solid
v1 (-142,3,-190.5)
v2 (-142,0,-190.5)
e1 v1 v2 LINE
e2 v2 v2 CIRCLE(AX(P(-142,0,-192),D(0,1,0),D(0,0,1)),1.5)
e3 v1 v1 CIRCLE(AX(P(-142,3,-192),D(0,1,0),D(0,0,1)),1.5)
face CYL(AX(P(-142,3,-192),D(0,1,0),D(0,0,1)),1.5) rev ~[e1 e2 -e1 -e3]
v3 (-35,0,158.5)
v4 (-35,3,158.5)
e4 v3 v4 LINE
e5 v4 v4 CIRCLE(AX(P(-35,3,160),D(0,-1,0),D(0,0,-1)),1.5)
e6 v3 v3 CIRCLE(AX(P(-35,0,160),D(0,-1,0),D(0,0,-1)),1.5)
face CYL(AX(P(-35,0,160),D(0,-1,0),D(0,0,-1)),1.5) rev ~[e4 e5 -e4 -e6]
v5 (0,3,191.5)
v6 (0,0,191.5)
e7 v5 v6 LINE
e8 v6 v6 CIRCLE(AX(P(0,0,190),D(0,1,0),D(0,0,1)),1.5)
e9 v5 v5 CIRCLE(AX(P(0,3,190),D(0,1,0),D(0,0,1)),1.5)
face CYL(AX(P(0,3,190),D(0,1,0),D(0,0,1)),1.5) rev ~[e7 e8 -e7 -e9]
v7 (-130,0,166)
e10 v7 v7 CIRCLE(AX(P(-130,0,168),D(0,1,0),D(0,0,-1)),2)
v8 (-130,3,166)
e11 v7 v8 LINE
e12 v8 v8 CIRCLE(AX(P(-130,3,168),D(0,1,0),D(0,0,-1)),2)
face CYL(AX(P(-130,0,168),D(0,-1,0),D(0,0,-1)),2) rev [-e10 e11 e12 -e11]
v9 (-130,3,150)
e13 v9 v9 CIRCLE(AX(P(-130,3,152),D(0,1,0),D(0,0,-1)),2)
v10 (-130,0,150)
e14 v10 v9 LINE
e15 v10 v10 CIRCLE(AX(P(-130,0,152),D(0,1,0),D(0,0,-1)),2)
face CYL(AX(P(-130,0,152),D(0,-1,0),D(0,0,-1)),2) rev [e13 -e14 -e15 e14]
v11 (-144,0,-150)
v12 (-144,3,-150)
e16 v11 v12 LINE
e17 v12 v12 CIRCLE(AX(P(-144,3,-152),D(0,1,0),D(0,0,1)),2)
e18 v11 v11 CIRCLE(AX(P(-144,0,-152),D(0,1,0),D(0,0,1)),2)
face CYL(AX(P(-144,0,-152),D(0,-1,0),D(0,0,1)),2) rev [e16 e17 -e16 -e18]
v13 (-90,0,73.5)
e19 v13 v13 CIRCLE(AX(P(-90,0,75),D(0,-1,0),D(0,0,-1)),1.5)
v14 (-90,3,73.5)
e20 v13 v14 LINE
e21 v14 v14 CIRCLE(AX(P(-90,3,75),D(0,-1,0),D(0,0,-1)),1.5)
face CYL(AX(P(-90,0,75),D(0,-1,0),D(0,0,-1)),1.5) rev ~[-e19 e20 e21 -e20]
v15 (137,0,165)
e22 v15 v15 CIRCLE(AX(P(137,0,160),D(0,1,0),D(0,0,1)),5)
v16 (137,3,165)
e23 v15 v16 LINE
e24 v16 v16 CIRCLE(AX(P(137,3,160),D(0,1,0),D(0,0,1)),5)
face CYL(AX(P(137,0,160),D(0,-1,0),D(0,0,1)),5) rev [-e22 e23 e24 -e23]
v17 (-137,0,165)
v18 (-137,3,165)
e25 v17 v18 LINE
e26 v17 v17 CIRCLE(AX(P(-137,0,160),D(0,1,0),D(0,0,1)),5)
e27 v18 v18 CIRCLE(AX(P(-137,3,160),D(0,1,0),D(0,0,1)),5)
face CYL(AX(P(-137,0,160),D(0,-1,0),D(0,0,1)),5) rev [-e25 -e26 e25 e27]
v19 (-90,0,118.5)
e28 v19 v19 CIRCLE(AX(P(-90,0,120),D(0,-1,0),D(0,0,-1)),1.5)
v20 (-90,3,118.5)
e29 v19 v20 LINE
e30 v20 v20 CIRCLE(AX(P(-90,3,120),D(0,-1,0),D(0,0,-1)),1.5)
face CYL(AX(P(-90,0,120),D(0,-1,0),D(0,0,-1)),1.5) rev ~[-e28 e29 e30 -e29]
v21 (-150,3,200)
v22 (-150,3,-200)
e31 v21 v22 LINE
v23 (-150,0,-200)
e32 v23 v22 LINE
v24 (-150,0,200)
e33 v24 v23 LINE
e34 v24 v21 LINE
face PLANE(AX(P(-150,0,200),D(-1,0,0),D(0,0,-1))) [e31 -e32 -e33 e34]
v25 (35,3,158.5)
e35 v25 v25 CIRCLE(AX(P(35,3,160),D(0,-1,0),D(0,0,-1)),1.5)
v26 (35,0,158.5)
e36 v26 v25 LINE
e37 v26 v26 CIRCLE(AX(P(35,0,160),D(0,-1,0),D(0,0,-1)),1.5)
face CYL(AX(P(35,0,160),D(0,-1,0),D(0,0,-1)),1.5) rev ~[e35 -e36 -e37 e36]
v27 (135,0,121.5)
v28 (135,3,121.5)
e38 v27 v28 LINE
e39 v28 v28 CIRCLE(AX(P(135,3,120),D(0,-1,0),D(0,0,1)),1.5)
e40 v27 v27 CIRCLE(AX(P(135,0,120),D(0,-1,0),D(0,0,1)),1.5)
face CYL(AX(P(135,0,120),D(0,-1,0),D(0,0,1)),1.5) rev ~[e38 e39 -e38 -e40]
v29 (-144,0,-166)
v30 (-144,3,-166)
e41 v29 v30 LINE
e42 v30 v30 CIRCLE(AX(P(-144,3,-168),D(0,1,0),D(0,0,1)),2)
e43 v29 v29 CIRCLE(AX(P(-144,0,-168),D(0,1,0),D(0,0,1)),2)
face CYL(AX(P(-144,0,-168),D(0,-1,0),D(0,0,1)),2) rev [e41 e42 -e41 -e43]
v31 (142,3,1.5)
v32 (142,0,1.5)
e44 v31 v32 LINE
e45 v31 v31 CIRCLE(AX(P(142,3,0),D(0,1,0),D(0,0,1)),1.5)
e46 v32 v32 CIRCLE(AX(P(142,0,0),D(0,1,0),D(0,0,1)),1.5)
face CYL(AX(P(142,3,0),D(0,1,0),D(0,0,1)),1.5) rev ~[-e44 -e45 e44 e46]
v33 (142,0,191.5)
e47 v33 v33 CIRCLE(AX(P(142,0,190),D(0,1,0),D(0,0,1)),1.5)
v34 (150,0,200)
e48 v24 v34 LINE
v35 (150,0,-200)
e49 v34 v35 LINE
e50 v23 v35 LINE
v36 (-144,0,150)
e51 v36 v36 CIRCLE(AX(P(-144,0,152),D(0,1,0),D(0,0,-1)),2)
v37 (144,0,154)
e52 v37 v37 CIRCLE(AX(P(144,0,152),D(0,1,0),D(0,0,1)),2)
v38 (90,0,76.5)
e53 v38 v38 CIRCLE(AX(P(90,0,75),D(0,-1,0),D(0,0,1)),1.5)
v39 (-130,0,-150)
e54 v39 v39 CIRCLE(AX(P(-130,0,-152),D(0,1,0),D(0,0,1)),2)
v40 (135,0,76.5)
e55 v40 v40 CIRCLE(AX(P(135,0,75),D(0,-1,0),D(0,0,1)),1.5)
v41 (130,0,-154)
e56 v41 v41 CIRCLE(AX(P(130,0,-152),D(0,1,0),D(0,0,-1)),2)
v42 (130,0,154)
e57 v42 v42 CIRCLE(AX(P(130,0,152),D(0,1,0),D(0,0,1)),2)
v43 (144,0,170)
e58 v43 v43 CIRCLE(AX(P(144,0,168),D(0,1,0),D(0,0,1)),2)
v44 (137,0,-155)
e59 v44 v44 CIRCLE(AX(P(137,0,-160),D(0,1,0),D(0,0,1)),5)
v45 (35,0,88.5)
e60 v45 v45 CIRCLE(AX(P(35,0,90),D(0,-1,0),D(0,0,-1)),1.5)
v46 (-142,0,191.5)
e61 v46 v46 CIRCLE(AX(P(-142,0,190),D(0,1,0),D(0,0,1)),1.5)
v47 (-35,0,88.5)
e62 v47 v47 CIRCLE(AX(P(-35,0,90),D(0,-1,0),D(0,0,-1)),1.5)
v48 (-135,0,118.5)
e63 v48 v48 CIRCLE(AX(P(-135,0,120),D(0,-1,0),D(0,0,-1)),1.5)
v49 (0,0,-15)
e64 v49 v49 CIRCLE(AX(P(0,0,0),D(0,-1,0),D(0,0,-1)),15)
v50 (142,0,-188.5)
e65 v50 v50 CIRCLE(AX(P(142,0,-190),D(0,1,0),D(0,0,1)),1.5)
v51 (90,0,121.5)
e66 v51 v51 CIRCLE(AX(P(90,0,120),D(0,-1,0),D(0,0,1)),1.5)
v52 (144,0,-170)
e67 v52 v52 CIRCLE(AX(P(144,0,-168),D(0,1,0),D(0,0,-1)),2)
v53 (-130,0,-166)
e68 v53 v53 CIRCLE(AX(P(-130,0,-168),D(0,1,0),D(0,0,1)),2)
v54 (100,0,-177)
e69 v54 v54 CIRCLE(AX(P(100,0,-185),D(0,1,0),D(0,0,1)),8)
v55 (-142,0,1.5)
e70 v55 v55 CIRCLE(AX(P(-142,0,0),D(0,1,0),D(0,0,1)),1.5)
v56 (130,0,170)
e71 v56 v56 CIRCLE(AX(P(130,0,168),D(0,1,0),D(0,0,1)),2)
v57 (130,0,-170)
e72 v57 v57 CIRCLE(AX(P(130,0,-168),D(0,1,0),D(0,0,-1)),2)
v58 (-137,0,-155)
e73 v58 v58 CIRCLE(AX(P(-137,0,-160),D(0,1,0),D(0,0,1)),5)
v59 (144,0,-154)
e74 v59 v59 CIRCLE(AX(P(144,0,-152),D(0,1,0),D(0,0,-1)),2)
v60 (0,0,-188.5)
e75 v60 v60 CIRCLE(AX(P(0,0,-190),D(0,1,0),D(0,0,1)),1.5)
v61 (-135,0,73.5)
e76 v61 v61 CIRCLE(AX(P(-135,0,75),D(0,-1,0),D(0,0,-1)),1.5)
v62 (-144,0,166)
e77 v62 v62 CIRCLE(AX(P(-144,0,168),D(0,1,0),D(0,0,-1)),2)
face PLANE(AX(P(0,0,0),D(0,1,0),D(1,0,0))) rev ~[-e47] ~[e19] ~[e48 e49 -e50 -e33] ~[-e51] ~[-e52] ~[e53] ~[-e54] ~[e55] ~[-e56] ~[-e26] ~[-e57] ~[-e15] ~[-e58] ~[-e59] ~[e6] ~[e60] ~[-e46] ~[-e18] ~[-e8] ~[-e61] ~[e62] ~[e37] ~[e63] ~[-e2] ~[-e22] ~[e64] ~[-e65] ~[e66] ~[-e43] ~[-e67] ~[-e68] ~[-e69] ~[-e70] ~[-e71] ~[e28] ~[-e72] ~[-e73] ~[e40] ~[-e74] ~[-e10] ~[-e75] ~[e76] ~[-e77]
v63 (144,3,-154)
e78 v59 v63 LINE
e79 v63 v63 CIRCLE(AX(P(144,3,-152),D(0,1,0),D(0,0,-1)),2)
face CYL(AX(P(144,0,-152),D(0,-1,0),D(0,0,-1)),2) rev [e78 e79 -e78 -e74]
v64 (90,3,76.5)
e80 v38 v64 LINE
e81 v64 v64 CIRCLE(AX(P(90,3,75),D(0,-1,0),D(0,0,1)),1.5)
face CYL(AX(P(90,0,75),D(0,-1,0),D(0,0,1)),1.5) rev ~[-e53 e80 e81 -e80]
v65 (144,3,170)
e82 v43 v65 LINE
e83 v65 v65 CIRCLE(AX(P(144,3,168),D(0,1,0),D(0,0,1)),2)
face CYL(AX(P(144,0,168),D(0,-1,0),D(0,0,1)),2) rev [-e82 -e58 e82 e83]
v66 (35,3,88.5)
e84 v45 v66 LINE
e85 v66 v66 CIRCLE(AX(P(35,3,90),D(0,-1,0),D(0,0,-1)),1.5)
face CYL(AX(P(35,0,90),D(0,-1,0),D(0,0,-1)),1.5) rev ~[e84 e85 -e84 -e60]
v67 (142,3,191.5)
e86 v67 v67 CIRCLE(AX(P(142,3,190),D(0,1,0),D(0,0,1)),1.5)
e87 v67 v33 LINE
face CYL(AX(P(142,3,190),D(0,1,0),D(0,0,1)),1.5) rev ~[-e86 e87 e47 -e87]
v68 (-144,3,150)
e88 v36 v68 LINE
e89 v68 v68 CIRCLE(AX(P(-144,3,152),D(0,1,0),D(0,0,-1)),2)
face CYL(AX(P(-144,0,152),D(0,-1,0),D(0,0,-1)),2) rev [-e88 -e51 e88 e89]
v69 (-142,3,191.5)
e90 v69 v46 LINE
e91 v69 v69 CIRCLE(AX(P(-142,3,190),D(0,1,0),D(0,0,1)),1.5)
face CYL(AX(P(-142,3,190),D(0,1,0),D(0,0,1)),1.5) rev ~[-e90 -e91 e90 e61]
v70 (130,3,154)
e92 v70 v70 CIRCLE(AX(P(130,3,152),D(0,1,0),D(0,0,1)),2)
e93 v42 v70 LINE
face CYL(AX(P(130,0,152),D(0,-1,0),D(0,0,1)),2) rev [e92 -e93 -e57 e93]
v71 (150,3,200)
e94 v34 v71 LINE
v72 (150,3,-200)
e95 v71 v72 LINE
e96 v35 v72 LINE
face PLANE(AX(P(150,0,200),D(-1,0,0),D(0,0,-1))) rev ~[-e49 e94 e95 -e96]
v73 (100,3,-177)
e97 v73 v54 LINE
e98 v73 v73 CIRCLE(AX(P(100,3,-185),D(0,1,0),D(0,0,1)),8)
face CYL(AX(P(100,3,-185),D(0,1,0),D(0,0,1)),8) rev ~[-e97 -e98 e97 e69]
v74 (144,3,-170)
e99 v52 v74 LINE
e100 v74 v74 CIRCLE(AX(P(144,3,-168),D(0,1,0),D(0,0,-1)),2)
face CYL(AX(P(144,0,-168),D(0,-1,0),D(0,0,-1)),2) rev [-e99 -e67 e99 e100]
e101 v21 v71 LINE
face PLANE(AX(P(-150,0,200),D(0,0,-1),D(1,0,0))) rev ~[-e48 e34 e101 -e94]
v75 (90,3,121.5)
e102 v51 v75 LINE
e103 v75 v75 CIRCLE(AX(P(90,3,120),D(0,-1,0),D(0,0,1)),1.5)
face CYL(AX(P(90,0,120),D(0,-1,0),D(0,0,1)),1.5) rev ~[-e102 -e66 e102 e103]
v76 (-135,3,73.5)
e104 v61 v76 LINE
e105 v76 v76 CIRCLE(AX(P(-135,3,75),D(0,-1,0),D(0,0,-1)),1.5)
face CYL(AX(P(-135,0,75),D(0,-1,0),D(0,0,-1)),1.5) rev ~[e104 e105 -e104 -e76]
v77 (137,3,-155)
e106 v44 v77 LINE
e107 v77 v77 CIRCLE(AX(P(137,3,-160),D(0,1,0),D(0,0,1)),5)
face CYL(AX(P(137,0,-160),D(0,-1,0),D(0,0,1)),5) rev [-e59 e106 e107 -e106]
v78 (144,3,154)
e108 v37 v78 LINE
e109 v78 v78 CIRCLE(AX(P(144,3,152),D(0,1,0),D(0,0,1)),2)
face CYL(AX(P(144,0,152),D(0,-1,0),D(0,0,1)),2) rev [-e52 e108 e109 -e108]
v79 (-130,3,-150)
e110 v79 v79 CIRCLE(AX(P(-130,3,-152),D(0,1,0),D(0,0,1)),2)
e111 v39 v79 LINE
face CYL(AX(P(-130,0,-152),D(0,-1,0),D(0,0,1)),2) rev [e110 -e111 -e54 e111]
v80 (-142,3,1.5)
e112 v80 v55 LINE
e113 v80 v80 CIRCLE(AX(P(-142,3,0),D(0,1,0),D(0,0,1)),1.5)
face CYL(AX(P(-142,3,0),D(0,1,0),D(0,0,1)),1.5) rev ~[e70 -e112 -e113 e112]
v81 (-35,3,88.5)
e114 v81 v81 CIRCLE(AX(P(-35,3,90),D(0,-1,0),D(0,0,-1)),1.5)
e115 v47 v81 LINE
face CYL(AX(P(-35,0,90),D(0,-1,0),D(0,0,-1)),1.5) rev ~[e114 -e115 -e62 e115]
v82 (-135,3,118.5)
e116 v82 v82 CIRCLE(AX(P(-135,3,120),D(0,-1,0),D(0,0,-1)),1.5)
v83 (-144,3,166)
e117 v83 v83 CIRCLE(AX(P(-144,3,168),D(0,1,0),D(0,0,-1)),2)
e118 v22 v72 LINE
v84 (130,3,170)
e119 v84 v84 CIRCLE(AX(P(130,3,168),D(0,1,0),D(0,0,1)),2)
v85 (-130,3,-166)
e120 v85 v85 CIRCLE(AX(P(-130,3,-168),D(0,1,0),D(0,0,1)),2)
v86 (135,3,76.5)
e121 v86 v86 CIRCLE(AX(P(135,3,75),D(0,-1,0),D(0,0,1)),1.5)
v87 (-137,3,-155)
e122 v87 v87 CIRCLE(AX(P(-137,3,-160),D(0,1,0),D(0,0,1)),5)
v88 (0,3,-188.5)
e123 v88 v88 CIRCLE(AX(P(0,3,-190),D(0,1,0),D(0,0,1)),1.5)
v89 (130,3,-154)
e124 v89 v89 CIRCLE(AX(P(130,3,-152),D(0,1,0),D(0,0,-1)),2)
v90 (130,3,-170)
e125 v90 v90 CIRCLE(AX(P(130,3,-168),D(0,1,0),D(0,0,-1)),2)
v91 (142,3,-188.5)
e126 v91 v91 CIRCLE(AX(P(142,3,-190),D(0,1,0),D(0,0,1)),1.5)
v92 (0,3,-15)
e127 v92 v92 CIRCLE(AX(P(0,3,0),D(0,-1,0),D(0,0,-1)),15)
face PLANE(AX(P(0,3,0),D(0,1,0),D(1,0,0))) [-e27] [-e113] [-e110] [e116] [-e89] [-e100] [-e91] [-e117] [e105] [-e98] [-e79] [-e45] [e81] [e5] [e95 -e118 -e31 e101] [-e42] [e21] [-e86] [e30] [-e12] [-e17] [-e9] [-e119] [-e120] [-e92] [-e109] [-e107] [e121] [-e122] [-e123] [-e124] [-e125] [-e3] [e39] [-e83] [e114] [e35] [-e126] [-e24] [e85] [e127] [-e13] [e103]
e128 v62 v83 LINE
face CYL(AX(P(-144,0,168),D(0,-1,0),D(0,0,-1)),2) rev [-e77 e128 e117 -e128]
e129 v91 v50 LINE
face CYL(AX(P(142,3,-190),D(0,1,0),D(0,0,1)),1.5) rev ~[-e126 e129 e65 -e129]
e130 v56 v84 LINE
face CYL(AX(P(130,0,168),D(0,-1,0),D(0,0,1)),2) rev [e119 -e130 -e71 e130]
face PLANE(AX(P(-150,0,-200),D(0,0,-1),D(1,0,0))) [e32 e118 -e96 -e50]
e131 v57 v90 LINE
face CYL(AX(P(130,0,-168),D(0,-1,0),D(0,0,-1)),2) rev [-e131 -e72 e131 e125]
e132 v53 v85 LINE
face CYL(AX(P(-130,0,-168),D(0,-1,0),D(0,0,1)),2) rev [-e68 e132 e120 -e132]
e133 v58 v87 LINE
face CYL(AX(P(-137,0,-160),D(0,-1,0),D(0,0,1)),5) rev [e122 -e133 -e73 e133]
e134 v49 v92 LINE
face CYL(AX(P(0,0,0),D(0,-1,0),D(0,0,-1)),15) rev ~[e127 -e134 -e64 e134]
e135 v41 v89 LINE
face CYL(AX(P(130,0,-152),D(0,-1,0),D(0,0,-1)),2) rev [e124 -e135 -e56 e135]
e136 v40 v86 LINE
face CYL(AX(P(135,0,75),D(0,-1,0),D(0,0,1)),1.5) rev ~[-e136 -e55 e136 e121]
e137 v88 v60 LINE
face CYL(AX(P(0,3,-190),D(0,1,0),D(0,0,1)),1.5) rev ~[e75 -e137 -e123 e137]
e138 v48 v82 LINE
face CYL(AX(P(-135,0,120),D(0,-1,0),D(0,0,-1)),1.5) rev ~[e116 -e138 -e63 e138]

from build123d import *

# Parameters (mm, degrees)
SKETCH_1_W          = 300
SKETCH_1_H          = 400
SKETCH_1_R          = 5
SKETCH_1_R_2        = 2
EXTRUDE_1_DEPTH     = 3
SKETCH_4_R          = 1.5
CUT_EXTRUDE_1_DEPTH = 251.017999352
SKETCH_5_R          = 1.5
CUT_EXTRUDE_2_DEPTH = 10
SKETCH_6_R          = 1.5
CUT_EXTRUDE_3_DEPTH = 251.017999352
SKETCH_7_R          = 15
CUT_EXTRUDE_4_DEPTH = 251.017999352
SKETCH_8_R          = 8
CUT_EXTRUDE_5_DEPTH = 10


with BuildPart() as part:
    # 草图1 → 凸台-拉伸1 (new body)
    with BuildSketch(Plane(origin=(0, 0, 0), x_dir=(1, 0, 0), z_dir=(0, 1, 0))):
        Rectangle(SKETCH_1_W, SKETCH_1_H)
        with Locations(Location((-137, 160, 0), (0, 0, 270))):
            Circle(SKETCH_1_R, mode=Mode.SUBTRACT)
        with Locations(Location((137, 160, 0), (0, 0, 270))):
            Circle(SKETCH_1_R, mode=Mode.SUBTRACT)
        with Locations(Location((137, -160, 0), (0, 0, 270))):
            Circle(SKETCH_1_R, mode=Mode.SUBTRACT)
        with Locations(Location((-137, -160, 0), (0, 0, 270))):
            Circle(SKETCH_1_R, mode=Mode.SUBTRACT)
        with Locations(Location((-144, 168, 0), (0, 0, 270))):
            Circle(SKETCH_1_R_2, mode=Mode.SUBTRACT)
        with Locations(Location((-130, 168, 0), (0, 0, 270))):
            Circle(SKETCH_1_R_2, mode=Mode.SUBTRACT)
        with Locations(Location((-130, 152, 0), (0, 0, 270))):
            Circle(SKETCH_1_R_2, mode=Mode.SUBTRACT)
        with Locations(Location((-144, 152, 0), (0, 0, 270))):
            Circle(SKETCH_1_R_2, mode=Mode.SUBTRACT)
        with Locations(Location((130, 152, 0), (0, 0, 90))):
            Circle(SKETCH_1_R_2, mode=Mode.SUBTRACT)
        with Locations(Location((144, 152, 0), (0, 0, 90))):
            Circle(SKETCH_1_R_2, mode=Mode.SUBTRACT)
        with Locations(Location((130, 168, 0), (0, 0, 90))):
            Circle(SKETCH_1_R_2, mode=Mode.SUBTRACT)
        with Locations(Location((144, 168, 0), (0, 0, 90))):
            Circle(SKETCH_1_R_2, mode=Mode.SUBTRACT)
        with Locations(Location((144, -152, 0), (0, 0, 270))):
            Circle(SKETCH_1_R_2, mode=Mode.SUBTRACT)
        with Locations(Location((130, -152, 0), (0, 0, 270))):
            Circle(SKETCH_1_R_2, mode=Mode.SUBTRACT)
        with Locations(Location((144, -168, 0), (0, 0, 270))):
            Circle(SKETCH_1_R_2, mode=Mode.SUBTRACT)
        with Locations(Location((130, -168, 0), (0, 0, 270))):
            Circle(SKETCH_1_R_2, mode=Mode.SUBTRACT)
        with Locations(Location((-144, -152, 0), (0, 0, 90))):
            Circle(SKETCH_1_R_2, mode=Mode.SUBTRACT)
        with Locations(Location((-130, -152, 0), (0, 0, 90))):
            Circle(SKETCH_1_R_2, mode=Mode.SUBTRACT)
        with Locations(Location((-130, -168, 0), (0, 0, 90))):
            Circle(SKETCH_1_R_2, mode=Mode.SUBTRACT)
        with Locations(Location((-144, -168, 0), (0, 0, 90))):
            Circle(SKETCH_1_R_2, mode=Mode.SUBTRACT)
    extrude(amount=EXTRUDE_1_DEPTH)

    # 草图4 → 切除-拉伸1 (cut, through all)
    with BuildSketch(Plane(origin=(0, 3, 0), x_dir=(1, 0, 0), z_dir=(0, 1, 0))):
        with Locations(Location((-142, -190, 0), (0, 0, 270))):
            Circle(SKETCH_4_R)
        with Locations(Location((142, -190, 0), (0, 0, 270))):
            Circle(SKETCH_4_R)
        with Locations(Location((142, 0, 0), (0, 0, 270))):
            Circle(SKETCH_4_R)
        with Locations(Location((-142, 0, 0), (0, 0, 270))):
            Circle(SKETCH_4_R)
        with Locations(Location((-142, 192, 0), (0, 0, 270))):
            Circle(SKETCH_4_R)
        with Locations(Location((142, 190, 0), (0, 0, 270))):
            Circle(SKETCH_4_R)
        with Locations(Location((0, 190, 0), (0, 0, 270))):
            Circle(SKETCH_4_R)
        with Locations(Location((0, -190, 0), (0, 0, 270))):
            Circle(SKETCH_4_R)
    extrude(amount=-CUT_EXTRUDE_1_DEPTH, mode=Mode.SUBTRACT)

    # 草图5 → 切除-拉伸2 (cut)
    with BuildSketch(Plane.XZ):
        with Locations(Location((-135, 120, 0), (0, 0, 270))):
            Circle(SKETCH_5_R)
        with Locations(Location((-90, 120, 0), (0, 0, 270))):
            Circle(SKETCH_5_R)
        with Locations(Location((-135, 75, 0), (0, 0, 270))):
            Circle(SKETCH_5_R)
        with Locations(Location((-90, 75, 0), (0, 0, 270))):
            Circle(SKETCH_5_R)
        with Locations(Location((90, 75, 0), (0, 0, 90))):
            Circle(SKETCH_5_R)
        with Locations(Location((135, 75, 0), (0, 0, 90))):
            Circle(SKETCH_5_R)
        with Locations(Location((90, 120, 0), (0, 0, 90))):
            Circle(SKETCH_5_R)
        with Locations(Location((135, 120, 0), (0, 0, 90))):
            Circle(SKETCH_5_R)
    extrude(amount=-CUT_EXTRUDE_2_DEPTH, mode=Mode.SUBTRACT)

    # 草图6 → 切除-拉伸3 (cut, through all)
    with BuildSketch(Plane.XZ):
        with Locations(Location((-35, 160, 0), (0, 0, 270))):
            Circle(SKETCH_6_R)
        with Locations(Location((35, 160, 0), (0, 0, 270))):
            Circle(SKETCH_6_R)
        with Locations(Location((-35, 90, 0), (0, 0, 270))):
            Circle(SKETCH_6_R)
        with Locations(Location((35, 90, 0), (0, 0, 270))):
            Circle(SKETCH_6_R)
    extrude(amount=-CUT_EXTRUDE_3_DEPTH, mode=Mode.SUBTRACT)

    # 草图7 → 切除-拉伸4 (cut, through all)
    with BuildSketch(Plane.XZ):
        with Locations(Location((0, 0, 0), (0, 0, 270))):
            Circle(SKETCH_7_R)
    extrude(amount=-CUT_EXTRUDE_4_DEPTH, mode=Mode.SUBTRACT)

    # 草图8 → 切除-拉伸5 (cut)
    with BuildSketch(Plane(origin=(0, 3, 0), x_dir=(1, 0, 0), z_dir=(0, 1, 0))):
        with Locations(Location((100, 185, 0), (0, 0, 270))):
            Circle(SKETCH_8_R)
    extrude(amount=-CUT_EXTRUDE_5_DEPTH, mode=Mode.SUBTRACT)


solid = part.part
